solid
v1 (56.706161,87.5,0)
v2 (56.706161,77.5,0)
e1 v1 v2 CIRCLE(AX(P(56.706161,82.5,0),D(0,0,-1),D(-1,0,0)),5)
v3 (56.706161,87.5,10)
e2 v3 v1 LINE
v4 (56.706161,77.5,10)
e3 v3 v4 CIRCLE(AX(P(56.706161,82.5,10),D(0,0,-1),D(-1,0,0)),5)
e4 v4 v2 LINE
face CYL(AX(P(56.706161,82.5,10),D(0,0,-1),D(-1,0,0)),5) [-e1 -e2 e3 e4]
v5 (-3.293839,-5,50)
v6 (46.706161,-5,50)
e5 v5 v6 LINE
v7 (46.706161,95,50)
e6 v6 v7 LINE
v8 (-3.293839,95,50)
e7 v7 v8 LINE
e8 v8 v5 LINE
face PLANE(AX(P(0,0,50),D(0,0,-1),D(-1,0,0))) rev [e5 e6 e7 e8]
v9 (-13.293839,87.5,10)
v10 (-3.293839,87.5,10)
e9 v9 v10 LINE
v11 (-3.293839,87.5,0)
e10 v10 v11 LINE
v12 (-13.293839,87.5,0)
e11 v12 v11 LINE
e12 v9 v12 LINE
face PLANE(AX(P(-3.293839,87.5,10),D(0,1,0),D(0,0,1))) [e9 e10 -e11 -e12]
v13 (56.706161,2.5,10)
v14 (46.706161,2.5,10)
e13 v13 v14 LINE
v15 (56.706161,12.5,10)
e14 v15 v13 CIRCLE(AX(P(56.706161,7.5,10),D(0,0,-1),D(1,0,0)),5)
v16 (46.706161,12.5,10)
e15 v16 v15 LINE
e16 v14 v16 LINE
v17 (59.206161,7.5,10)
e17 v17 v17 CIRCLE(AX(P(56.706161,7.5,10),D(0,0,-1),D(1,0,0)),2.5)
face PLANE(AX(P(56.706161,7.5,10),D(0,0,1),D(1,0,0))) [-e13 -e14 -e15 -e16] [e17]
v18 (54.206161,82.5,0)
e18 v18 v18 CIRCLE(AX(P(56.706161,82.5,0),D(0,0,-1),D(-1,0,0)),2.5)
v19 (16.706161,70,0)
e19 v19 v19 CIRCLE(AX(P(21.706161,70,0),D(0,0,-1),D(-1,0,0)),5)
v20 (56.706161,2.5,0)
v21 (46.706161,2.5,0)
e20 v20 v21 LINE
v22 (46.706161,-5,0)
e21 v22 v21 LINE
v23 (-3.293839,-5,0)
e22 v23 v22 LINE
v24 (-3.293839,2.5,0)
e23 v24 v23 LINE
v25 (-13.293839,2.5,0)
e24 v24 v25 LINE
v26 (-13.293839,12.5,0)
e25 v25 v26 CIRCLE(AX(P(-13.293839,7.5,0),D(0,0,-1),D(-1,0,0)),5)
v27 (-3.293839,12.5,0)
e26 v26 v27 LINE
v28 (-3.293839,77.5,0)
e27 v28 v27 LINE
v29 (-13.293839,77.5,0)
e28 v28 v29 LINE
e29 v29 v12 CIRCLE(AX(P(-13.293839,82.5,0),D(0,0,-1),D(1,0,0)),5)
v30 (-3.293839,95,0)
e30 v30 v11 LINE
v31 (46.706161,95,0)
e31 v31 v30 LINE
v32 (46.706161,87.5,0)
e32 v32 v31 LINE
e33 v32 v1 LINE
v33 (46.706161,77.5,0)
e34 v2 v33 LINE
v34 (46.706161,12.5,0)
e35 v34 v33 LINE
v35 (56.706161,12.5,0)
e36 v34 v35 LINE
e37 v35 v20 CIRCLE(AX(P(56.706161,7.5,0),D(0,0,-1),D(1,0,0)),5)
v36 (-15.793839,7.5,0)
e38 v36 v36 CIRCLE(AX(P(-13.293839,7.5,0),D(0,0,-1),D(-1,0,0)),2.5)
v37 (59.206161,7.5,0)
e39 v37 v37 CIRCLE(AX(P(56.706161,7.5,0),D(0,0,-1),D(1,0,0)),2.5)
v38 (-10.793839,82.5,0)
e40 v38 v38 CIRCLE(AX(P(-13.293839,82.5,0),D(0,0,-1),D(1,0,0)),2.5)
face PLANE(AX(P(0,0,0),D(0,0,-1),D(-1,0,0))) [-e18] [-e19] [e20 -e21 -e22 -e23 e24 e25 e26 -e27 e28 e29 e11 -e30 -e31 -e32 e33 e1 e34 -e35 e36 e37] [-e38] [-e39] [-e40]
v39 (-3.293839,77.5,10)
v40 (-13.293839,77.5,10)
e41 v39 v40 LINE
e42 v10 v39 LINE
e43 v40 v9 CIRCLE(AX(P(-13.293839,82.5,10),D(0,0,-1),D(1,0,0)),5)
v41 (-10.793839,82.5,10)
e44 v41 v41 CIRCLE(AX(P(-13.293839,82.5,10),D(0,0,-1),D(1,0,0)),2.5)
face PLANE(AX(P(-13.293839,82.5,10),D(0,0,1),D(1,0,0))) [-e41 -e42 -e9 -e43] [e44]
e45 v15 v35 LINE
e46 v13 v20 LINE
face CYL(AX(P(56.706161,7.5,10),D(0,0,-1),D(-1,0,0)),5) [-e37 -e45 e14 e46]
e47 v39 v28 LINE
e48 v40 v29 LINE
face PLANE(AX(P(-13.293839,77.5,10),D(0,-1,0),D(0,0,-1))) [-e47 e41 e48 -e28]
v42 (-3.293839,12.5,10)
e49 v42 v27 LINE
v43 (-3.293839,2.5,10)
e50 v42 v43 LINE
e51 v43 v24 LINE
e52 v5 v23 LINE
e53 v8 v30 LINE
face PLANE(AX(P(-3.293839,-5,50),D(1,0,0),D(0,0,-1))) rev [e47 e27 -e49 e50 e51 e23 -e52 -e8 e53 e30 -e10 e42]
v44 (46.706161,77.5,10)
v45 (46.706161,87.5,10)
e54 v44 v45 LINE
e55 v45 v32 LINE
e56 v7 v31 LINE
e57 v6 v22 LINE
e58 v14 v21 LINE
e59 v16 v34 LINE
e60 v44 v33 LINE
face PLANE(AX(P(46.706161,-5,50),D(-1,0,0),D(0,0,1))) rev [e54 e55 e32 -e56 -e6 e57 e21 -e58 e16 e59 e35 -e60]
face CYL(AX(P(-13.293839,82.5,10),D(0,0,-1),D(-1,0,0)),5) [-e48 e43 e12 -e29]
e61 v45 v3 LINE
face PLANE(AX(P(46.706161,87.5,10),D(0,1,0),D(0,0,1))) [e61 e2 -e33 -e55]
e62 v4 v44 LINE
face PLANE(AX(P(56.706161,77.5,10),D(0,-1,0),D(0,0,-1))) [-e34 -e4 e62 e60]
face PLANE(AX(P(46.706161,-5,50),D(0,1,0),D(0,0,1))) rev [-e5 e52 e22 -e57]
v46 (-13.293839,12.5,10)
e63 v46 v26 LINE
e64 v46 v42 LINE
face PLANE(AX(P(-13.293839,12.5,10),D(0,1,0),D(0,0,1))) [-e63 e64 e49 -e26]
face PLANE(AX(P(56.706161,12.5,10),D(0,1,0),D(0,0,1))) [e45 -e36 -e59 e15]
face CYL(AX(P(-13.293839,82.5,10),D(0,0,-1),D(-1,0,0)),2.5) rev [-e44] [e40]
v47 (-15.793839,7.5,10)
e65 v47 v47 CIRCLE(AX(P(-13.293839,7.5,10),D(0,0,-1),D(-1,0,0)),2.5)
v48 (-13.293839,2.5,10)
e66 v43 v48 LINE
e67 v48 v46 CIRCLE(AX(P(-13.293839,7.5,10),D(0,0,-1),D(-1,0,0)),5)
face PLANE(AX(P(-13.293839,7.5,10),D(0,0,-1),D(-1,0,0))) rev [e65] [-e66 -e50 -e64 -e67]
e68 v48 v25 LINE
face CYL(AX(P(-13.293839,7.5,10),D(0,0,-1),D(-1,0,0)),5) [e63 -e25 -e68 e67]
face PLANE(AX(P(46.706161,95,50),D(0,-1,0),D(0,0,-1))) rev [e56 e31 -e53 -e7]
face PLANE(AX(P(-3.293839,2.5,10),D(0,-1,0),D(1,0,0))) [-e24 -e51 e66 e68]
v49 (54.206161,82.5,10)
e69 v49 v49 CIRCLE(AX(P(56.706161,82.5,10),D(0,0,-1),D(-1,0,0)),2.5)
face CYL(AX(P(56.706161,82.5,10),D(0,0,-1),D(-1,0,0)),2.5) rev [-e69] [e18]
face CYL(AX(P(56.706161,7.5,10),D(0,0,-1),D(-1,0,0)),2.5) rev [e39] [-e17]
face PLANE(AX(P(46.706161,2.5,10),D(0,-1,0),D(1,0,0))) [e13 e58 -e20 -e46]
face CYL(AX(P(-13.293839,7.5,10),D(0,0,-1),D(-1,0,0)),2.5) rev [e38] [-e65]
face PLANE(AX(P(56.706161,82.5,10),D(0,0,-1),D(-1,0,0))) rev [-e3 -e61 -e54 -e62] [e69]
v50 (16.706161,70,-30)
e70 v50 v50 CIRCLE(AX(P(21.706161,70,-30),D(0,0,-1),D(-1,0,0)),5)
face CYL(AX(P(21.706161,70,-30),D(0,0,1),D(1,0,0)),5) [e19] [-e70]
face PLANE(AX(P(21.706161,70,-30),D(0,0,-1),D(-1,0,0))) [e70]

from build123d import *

# Parameters (mm, degrees)
SKETCH1_W           = 100
SKETCH1_H           = 50
BOSS_EXTRUDE1_DEPTH = 50
SKETCH2_R           = 2.5
BOSS_EXTRUDE2_DEPTH = 10
SKETCH3_R           = 5
BOSS_EXTRUDE3_DEPTH = 30


with BuildPart() as part:
    # Sketch1 → Boss-Extrude1 (new body)
    with BuildSketch(Plane(origin=(0, 0, 0), x_dir=(0, 1, 0), z_dir=(0, 0, 1))):
        with Locations((45, -21.706161137)):
            Rectangle(SKETCH1_W, SKETCH1_H)
    extrude(amount=BOSS_EXTRUDE1_DEPTH)

    # Sketch2 → Boss-Extrude2 (add)
    # profile 1 of 4: a face of its own
    with BuildSketch(Plane(origin=(0, 0, 0), x_dir=(1, 0, 0), z_dir=(0, 0, -1))):
        with BuildLine():
            Line((-3.293838863, -2.5), (-13.293838863, -2.5))
            ThreePointArc((-13.293838863, -2.5), (-18.293838863, -7.5), (-13.293838863, -12.5))
            Line((-13.293838863, -12.5), (-3.293838863, -12.5))
            Line((-3.293838863, -12.5), (-3.293838863, -2.5))
        make_face()
        with Locations(Location((-13.293838863, -7.5, 0), (0, 0, 180))):
            Circle(SKETCH2_R, mode=Mode.SUBTRACT)
    # profile 2 of 4: a face of its own
    with BuildSketch(Plane(origin=(0, 0, 0), x_dir=(1, 0, 0), z_dir=(0, 0, -1))):
        with BuildLine():
            Line((-3.293838863, -77.5), (-3.293838863, -87.5))
            Line((-3.293838863, -87.5), (-13.293838863, -87.5))
            ThreePointArc((-13.293838863, -87.5), (-18.293838863, -82.5), (-13.293838863, -77.5))
            Line((-13.293838863, -77.5), (-3.293838863, -77.5))
        make_face()
        with Locations((-13.293838863, -82.5)):
            Circle(SKETCH2_R, mode=Mode.SUBTRACT)
    # profile 3 of 4: a face of its own
    with BuildSketch(Plane(origin=(0, 0, 0), x_dir=(1, 0, 0), z_dir=(0, 0, -1))):
        with BuildLine():
            Line((46.706161137, -87.5), (56.706161137, -87.5))
            ThreePointArc((56.706161137, -87.5), (61.706161137, -82.5), (56.706161137, -77.5))
            Line((56.706161137, -77.5), (46.706161137, -77.5))
            Line((46.706161137, -77.5), (46.706161137, -87.5))
        make_face()
        with Locations(Location((56.706161137, -82.5, 0), (0, 0, 180))):
            Circle(SKETCH2_R, mode=Mode.SUBTRACT)
    # profile 4 of 4: a face of its own
    with BuildSketch(Plane(origin=(0, 0, 0), x_dir=(1, 0, 0), z_dir=(0, 0, -1))):
        with BuildLine():
            Line((46.706161137, -12.5), (46.706161137, -2.5))
            Line((46.706161137, -2.5), (56.706161137, -2.5))
            ThreePointArc((56.706161137, -2.5), (61.706161137, -7.5), (56.706161137, -12.5))
            Line((56.706161137, -12.5), (46.706161137, -12.5))
        make_face()
        with Locations((56.706161137, -7.5)):
            Circle(SKETCH2_R, mode=Mode.SUBTRACT)
    extrude(amount=-BOSS_EXTRUDE2_DEPTH)

    # Sketch3 → Boss-Extrude3 (add)
    with BuildSketch(Plane(origin=(0, 0, 0), x_dir=(1, 0, 0), z_dir=(0, 0, -1))):
        with Locations(Location((21.706161137, -70, 0), (0, 0, 180))):
            Circle(SKETCH3_R)
    extrude(amount=BOSS_EXTRUDE3_DEPTH)


solid = part.part
